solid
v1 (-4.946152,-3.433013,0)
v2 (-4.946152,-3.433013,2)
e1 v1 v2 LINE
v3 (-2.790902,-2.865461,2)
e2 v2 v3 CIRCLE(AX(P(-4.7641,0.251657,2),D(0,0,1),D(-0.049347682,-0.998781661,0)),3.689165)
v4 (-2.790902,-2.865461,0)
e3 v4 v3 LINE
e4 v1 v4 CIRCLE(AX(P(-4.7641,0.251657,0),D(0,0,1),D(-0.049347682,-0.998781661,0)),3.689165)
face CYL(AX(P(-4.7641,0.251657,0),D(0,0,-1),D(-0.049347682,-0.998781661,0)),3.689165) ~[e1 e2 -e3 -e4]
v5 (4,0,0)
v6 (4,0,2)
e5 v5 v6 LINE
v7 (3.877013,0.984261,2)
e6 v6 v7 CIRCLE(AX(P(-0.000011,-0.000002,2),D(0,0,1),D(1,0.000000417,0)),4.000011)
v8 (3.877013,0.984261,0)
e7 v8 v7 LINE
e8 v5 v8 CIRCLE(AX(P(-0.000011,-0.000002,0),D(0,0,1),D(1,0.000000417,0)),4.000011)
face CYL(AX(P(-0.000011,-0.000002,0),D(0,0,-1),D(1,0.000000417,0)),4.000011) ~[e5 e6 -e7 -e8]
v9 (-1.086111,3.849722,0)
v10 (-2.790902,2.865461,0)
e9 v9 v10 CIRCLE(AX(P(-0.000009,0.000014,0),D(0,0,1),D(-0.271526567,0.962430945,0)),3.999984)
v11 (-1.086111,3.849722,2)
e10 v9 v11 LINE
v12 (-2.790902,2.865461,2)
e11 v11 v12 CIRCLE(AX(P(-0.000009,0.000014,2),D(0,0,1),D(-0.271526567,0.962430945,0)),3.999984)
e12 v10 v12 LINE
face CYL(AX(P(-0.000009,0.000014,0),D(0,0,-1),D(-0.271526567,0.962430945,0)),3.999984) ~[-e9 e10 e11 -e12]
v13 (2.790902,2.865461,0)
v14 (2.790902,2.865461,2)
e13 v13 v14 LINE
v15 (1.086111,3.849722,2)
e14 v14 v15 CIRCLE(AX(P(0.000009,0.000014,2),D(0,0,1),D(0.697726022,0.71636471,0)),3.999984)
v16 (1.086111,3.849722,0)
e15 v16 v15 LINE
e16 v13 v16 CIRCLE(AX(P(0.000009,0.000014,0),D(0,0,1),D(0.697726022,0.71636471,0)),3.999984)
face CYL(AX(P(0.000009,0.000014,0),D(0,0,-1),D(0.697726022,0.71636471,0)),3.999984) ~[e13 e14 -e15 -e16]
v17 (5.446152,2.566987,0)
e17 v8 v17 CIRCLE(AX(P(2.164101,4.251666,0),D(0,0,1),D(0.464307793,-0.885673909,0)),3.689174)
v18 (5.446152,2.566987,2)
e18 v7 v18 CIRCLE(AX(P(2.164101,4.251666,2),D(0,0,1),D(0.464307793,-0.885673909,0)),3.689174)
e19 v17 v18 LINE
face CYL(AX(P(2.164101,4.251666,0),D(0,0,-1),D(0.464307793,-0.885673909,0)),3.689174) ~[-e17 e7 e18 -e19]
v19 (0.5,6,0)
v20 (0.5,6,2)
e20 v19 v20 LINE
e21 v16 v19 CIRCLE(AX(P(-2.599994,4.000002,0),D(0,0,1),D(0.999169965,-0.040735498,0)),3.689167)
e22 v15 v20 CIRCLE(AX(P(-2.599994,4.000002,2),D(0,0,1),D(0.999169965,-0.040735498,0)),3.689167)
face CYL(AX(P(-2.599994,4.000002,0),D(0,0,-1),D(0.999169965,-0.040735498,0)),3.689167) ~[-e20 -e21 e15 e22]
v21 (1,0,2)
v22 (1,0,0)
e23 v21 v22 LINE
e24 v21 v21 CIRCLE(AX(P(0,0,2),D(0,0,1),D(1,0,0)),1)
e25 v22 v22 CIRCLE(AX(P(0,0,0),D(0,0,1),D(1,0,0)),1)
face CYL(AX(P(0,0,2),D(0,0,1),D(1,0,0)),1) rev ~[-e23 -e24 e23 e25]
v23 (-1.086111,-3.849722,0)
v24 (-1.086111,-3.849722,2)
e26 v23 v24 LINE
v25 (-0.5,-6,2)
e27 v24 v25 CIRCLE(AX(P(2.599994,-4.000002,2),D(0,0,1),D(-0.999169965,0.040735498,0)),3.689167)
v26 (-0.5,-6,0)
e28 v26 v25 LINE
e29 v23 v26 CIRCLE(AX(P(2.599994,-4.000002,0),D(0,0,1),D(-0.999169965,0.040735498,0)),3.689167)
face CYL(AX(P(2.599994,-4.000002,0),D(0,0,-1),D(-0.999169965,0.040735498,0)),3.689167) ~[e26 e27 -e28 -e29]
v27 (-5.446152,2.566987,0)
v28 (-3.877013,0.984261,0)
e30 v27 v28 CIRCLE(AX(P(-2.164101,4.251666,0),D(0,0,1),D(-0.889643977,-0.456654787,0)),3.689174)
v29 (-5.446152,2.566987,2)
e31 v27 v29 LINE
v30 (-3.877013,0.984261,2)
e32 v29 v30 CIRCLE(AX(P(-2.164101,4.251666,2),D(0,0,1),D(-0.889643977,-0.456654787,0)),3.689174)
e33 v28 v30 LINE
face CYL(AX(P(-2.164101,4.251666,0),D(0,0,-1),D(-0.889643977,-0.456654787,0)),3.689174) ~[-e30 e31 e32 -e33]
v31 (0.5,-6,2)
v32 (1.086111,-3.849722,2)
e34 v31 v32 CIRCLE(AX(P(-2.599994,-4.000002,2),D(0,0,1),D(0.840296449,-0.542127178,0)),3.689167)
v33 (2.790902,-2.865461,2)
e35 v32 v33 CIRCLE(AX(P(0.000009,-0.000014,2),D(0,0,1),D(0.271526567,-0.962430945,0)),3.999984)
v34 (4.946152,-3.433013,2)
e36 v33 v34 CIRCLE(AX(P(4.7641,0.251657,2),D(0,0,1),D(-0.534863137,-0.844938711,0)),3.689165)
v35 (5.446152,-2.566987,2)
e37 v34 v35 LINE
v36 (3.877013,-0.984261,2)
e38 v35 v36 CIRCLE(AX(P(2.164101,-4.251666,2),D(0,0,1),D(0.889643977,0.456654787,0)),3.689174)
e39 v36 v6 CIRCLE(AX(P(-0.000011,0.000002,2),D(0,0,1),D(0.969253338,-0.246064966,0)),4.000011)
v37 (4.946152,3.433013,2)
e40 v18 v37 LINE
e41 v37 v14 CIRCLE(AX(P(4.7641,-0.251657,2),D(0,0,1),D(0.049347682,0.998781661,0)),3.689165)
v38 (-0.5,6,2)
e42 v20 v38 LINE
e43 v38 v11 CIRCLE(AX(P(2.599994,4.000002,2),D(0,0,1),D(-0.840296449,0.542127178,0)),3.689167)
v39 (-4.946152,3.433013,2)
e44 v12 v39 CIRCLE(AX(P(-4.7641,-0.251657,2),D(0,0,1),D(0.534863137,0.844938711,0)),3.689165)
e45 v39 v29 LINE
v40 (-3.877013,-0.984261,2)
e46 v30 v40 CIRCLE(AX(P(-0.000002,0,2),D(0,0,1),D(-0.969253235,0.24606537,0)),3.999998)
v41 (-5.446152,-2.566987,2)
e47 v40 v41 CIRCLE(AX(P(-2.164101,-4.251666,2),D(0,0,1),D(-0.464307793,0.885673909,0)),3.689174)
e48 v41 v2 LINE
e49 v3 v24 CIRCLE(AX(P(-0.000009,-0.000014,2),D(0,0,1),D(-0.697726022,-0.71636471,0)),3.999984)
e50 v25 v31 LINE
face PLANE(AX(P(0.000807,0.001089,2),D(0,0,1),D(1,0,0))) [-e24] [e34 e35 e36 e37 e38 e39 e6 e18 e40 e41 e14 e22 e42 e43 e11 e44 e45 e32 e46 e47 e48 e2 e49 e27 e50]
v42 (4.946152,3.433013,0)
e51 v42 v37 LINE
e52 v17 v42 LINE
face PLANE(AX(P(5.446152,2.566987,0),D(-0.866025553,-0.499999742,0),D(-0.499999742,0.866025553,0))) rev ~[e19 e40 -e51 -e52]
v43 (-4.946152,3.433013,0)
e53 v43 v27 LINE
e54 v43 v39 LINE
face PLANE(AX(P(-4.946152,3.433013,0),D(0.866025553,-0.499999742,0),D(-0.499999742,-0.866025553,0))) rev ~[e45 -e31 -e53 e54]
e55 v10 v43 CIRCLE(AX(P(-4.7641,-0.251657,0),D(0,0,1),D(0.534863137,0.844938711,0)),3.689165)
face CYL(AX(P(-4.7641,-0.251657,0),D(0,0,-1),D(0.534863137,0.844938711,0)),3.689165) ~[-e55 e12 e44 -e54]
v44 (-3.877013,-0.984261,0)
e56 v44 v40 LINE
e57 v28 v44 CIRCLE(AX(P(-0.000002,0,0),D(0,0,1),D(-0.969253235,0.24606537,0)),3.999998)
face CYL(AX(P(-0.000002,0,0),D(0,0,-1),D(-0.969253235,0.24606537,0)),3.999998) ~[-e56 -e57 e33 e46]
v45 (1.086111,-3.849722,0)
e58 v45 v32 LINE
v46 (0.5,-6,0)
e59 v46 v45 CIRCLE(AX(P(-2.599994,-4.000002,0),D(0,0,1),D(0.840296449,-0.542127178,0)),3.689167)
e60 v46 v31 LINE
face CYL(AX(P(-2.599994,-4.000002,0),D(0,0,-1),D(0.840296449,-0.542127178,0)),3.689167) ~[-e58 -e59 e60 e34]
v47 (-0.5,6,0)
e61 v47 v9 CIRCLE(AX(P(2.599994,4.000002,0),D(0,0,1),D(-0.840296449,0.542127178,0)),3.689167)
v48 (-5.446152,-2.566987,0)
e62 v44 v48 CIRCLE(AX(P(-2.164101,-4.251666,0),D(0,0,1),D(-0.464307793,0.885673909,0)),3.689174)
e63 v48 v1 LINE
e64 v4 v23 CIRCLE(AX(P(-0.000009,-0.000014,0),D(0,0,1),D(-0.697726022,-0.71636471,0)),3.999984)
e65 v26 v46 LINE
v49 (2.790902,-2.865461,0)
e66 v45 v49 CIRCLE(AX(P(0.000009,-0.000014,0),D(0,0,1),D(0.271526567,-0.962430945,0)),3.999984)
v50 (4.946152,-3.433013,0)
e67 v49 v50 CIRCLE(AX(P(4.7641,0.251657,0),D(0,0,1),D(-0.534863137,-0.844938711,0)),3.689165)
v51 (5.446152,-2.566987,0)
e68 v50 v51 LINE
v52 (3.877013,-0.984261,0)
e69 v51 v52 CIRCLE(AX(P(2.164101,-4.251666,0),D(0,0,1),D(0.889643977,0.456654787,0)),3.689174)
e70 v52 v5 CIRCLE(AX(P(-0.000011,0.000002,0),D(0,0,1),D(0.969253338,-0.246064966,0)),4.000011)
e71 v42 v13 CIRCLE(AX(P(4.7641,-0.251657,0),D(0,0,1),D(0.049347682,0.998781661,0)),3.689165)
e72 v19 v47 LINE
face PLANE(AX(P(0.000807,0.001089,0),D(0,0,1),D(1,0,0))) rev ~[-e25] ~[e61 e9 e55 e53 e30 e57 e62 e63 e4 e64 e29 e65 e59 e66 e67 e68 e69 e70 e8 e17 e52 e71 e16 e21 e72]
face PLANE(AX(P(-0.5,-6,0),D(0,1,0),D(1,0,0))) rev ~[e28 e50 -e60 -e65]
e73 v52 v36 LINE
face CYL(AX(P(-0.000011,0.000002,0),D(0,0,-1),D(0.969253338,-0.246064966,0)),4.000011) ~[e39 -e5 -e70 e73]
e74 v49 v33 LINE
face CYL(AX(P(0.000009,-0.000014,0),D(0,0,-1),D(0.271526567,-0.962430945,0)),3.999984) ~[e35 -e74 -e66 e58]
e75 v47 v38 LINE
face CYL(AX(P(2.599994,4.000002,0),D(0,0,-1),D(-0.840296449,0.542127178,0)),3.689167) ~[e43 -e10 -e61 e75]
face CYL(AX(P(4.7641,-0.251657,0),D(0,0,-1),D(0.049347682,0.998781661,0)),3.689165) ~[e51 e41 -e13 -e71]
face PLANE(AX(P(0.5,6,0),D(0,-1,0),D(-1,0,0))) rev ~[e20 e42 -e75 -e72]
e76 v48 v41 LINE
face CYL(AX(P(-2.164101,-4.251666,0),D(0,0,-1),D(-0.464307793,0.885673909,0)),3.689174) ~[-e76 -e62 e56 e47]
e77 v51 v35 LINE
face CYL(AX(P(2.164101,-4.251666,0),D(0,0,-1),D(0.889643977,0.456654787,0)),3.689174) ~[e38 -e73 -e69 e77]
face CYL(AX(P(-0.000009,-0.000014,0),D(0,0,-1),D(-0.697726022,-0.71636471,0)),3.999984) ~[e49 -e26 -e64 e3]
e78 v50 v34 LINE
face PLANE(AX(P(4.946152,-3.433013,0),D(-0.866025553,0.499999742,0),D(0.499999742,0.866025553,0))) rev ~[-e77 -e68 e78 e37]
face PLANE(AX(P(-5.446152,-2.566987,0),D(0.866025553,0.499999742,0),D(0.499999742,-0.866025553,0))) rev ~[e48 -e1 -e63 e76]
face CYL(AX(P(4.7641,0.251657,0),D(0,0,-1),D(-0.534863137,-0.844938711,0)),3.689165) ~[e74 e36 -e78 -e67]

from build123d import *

# Parameters (mm, degrees)
F1_DEPTH = 2
F2_R     = 1
F3_DEPTH = 2.001


with BuildPart() as f1:
    # F0 (on Top) → F1 (new body)
    with BuildSketch(Plane.XY):
        with BuildLine():
            ThreePointArc((3.877013, -0.984261), (3.969134, -0.495958), (4, 0))
            ThreePointArc((4, 0), (3.969134, 0.495958), (3.877013, 0.984261))
            ThreePointArc((3.877013, 0.984261), (3.464102, 2), (2.790902, 2.865461))
            ThreePointArc((2.790902, 2.865461), (2, 3.464102), (1.086111, 3.849722))
            ThreePointArc((1.086111, 3.849722), (0.548229, 3.962252), (0, 4))
            ThreePointArc((0, 4), (-0.548229, 3.962252), (-1.086111, 3.849722))
            ThreePointArc((-1.086111, 3.849722), (-2, 3.464102), (-2.790902, 2.865461))
            ThreePointArc((-2.790902, 2.865461), (-3.464102, 2), (-3.877013, 0.984261))
            ThreePointArc((-3.877013, 0.984261), (-4, 0), (-3.877013, -0.984261))
            ThreePointArc((-3.877013, -0.984261), (-3.464102, -2), (-2.790902, -2.865461))
            ThreePointArc((-2.790902, -2.865461), (-2, -3.464102), (-1.086111, -3.849722))
            ThreePointArc((-1.086111, -3.849722), (0, -4), (1.086111, -3.849722))
            ThreePointArc((1.086111, -3.849722), (2, -3.464102), (2.790902, -2.865461))
            ThreePointArc((2.790902, -2.865461), (3.464102, -2), (3.877013, -0.984261))
        make_face()
        with BuildLine():
            ThreePointArc((2.790902, 2.865461), (3.464102, 2), (3.877013, 0.984261))
            ThreePointArc((3.877013, 0.984261), (4.783962, 1.654296), (5.446152, 2.566987))
            Line((5.446152, 2.566987), (5.196152, 3))
            Line((5.196152, 3), (4.946152, 3.433013))
            ThreePointArc((4.946152, 3.433013), (3.824643, 3.315885), (2.790902, 2.865461))
        make_face()
        with BuildLine():
            ThreePointArc((5.446152, -2.566987), (4.783962, -1.654296), (3.877013, -0.984261))
            ThreePointArc((3.877013, -0.984261), (3.464102, -2), (2.790902, -2.865461))
            ThreePointArc((2.790902, -2.865461), (3.824643, -3.315885), (4.946152, -3.433013))
            Line((4.946152, -3.433013), (5.196152, -3))
            Line((5.196152, -3), (5.446152, -2.566987))
        make_face()
        with BuildLine():
            ThreePointArc((0, 4), (0.548229, 3.962252), (1.086111, 3.849722))
            ThreePointArc((1.086111, 3.849722), (0.959319, 4.97018), (0.5, 6))
            Line((0.5, 6), (0, 6))
            Line((0, 6), (0, 4))
        make_face()
        with BuildLine():
            ThreePointArc((0.5, -6), (0.959319, -4.97018), (1.086111, -3.849722))
            ThreePointArc((1.086111, -3.849722), (0, -4), (-1.086111, -3.849722))
            ThreePointArc((-1.086111, -3.849722), (-0.959319, -4.97018), (-0.5, -6))
            Line((-0.5, -6), (0, -6))
            Line((0, -6), (0.5, -6))
        make_face()
        with BuildLine():
            ThreePointArc((-1.086111, 3.849722), (-0.548229, 3.962252), (0, 4))
            Line((0, 4), (0, 6))
            Line((0, 6), (-0.5, 6))
            ThreePointArc((-0.5, 6), (-0.959319, 4.97018), (-1.086111, 3.849722))
        make_face()
        with BuildLine():
            ThreePointArc((-4.946152, -3.433013), (-3.824643, -3.315885), (-2.790902, -2.865461))
            ThreePointArc((-2.790902, -2.865461), (-3.464102, -2), (-3.877013, -0.984261))
            ThreePointArc((-3.877013, -0.984261), (-4.783962, -1.654296), (-5.446152, -2.566987))
            Line((-5.446152, -2.566987), (-5.196152, -3))
            Line((-5.196152, -3), (-4.946152, -3.433013))
        make_face()
        with BuildLine():
            ThreePointArc((-3.877013, 0.984261), (-3.464102, 2), (-2.790902, 2.865461))
            ThreePointArc((-2.790902, 2.865461), (-3.824643, 3.315885), (-4.946152, 3.433013))
            Line((-4.946152, 3.433013), (-5.196152, 3))
            Line((-5.196152, 3), (-5.446152, 2.566987))
            ThreePointArc((-5.446152, 2.566987), (-4.783962, 1.654296), (-3.877013, 0.984261))
        make_face()
    extrude(amount=F1_DEPTH)

    # F2 (on face) → F3 (cut, through all)
    with BuildSketch(Plane.XY.offset(2)):
        Circle(F2_R)
    extrude(amount=-F3_DEPTH, mode=Mode.SUBTRACT)


solid = f1.part
